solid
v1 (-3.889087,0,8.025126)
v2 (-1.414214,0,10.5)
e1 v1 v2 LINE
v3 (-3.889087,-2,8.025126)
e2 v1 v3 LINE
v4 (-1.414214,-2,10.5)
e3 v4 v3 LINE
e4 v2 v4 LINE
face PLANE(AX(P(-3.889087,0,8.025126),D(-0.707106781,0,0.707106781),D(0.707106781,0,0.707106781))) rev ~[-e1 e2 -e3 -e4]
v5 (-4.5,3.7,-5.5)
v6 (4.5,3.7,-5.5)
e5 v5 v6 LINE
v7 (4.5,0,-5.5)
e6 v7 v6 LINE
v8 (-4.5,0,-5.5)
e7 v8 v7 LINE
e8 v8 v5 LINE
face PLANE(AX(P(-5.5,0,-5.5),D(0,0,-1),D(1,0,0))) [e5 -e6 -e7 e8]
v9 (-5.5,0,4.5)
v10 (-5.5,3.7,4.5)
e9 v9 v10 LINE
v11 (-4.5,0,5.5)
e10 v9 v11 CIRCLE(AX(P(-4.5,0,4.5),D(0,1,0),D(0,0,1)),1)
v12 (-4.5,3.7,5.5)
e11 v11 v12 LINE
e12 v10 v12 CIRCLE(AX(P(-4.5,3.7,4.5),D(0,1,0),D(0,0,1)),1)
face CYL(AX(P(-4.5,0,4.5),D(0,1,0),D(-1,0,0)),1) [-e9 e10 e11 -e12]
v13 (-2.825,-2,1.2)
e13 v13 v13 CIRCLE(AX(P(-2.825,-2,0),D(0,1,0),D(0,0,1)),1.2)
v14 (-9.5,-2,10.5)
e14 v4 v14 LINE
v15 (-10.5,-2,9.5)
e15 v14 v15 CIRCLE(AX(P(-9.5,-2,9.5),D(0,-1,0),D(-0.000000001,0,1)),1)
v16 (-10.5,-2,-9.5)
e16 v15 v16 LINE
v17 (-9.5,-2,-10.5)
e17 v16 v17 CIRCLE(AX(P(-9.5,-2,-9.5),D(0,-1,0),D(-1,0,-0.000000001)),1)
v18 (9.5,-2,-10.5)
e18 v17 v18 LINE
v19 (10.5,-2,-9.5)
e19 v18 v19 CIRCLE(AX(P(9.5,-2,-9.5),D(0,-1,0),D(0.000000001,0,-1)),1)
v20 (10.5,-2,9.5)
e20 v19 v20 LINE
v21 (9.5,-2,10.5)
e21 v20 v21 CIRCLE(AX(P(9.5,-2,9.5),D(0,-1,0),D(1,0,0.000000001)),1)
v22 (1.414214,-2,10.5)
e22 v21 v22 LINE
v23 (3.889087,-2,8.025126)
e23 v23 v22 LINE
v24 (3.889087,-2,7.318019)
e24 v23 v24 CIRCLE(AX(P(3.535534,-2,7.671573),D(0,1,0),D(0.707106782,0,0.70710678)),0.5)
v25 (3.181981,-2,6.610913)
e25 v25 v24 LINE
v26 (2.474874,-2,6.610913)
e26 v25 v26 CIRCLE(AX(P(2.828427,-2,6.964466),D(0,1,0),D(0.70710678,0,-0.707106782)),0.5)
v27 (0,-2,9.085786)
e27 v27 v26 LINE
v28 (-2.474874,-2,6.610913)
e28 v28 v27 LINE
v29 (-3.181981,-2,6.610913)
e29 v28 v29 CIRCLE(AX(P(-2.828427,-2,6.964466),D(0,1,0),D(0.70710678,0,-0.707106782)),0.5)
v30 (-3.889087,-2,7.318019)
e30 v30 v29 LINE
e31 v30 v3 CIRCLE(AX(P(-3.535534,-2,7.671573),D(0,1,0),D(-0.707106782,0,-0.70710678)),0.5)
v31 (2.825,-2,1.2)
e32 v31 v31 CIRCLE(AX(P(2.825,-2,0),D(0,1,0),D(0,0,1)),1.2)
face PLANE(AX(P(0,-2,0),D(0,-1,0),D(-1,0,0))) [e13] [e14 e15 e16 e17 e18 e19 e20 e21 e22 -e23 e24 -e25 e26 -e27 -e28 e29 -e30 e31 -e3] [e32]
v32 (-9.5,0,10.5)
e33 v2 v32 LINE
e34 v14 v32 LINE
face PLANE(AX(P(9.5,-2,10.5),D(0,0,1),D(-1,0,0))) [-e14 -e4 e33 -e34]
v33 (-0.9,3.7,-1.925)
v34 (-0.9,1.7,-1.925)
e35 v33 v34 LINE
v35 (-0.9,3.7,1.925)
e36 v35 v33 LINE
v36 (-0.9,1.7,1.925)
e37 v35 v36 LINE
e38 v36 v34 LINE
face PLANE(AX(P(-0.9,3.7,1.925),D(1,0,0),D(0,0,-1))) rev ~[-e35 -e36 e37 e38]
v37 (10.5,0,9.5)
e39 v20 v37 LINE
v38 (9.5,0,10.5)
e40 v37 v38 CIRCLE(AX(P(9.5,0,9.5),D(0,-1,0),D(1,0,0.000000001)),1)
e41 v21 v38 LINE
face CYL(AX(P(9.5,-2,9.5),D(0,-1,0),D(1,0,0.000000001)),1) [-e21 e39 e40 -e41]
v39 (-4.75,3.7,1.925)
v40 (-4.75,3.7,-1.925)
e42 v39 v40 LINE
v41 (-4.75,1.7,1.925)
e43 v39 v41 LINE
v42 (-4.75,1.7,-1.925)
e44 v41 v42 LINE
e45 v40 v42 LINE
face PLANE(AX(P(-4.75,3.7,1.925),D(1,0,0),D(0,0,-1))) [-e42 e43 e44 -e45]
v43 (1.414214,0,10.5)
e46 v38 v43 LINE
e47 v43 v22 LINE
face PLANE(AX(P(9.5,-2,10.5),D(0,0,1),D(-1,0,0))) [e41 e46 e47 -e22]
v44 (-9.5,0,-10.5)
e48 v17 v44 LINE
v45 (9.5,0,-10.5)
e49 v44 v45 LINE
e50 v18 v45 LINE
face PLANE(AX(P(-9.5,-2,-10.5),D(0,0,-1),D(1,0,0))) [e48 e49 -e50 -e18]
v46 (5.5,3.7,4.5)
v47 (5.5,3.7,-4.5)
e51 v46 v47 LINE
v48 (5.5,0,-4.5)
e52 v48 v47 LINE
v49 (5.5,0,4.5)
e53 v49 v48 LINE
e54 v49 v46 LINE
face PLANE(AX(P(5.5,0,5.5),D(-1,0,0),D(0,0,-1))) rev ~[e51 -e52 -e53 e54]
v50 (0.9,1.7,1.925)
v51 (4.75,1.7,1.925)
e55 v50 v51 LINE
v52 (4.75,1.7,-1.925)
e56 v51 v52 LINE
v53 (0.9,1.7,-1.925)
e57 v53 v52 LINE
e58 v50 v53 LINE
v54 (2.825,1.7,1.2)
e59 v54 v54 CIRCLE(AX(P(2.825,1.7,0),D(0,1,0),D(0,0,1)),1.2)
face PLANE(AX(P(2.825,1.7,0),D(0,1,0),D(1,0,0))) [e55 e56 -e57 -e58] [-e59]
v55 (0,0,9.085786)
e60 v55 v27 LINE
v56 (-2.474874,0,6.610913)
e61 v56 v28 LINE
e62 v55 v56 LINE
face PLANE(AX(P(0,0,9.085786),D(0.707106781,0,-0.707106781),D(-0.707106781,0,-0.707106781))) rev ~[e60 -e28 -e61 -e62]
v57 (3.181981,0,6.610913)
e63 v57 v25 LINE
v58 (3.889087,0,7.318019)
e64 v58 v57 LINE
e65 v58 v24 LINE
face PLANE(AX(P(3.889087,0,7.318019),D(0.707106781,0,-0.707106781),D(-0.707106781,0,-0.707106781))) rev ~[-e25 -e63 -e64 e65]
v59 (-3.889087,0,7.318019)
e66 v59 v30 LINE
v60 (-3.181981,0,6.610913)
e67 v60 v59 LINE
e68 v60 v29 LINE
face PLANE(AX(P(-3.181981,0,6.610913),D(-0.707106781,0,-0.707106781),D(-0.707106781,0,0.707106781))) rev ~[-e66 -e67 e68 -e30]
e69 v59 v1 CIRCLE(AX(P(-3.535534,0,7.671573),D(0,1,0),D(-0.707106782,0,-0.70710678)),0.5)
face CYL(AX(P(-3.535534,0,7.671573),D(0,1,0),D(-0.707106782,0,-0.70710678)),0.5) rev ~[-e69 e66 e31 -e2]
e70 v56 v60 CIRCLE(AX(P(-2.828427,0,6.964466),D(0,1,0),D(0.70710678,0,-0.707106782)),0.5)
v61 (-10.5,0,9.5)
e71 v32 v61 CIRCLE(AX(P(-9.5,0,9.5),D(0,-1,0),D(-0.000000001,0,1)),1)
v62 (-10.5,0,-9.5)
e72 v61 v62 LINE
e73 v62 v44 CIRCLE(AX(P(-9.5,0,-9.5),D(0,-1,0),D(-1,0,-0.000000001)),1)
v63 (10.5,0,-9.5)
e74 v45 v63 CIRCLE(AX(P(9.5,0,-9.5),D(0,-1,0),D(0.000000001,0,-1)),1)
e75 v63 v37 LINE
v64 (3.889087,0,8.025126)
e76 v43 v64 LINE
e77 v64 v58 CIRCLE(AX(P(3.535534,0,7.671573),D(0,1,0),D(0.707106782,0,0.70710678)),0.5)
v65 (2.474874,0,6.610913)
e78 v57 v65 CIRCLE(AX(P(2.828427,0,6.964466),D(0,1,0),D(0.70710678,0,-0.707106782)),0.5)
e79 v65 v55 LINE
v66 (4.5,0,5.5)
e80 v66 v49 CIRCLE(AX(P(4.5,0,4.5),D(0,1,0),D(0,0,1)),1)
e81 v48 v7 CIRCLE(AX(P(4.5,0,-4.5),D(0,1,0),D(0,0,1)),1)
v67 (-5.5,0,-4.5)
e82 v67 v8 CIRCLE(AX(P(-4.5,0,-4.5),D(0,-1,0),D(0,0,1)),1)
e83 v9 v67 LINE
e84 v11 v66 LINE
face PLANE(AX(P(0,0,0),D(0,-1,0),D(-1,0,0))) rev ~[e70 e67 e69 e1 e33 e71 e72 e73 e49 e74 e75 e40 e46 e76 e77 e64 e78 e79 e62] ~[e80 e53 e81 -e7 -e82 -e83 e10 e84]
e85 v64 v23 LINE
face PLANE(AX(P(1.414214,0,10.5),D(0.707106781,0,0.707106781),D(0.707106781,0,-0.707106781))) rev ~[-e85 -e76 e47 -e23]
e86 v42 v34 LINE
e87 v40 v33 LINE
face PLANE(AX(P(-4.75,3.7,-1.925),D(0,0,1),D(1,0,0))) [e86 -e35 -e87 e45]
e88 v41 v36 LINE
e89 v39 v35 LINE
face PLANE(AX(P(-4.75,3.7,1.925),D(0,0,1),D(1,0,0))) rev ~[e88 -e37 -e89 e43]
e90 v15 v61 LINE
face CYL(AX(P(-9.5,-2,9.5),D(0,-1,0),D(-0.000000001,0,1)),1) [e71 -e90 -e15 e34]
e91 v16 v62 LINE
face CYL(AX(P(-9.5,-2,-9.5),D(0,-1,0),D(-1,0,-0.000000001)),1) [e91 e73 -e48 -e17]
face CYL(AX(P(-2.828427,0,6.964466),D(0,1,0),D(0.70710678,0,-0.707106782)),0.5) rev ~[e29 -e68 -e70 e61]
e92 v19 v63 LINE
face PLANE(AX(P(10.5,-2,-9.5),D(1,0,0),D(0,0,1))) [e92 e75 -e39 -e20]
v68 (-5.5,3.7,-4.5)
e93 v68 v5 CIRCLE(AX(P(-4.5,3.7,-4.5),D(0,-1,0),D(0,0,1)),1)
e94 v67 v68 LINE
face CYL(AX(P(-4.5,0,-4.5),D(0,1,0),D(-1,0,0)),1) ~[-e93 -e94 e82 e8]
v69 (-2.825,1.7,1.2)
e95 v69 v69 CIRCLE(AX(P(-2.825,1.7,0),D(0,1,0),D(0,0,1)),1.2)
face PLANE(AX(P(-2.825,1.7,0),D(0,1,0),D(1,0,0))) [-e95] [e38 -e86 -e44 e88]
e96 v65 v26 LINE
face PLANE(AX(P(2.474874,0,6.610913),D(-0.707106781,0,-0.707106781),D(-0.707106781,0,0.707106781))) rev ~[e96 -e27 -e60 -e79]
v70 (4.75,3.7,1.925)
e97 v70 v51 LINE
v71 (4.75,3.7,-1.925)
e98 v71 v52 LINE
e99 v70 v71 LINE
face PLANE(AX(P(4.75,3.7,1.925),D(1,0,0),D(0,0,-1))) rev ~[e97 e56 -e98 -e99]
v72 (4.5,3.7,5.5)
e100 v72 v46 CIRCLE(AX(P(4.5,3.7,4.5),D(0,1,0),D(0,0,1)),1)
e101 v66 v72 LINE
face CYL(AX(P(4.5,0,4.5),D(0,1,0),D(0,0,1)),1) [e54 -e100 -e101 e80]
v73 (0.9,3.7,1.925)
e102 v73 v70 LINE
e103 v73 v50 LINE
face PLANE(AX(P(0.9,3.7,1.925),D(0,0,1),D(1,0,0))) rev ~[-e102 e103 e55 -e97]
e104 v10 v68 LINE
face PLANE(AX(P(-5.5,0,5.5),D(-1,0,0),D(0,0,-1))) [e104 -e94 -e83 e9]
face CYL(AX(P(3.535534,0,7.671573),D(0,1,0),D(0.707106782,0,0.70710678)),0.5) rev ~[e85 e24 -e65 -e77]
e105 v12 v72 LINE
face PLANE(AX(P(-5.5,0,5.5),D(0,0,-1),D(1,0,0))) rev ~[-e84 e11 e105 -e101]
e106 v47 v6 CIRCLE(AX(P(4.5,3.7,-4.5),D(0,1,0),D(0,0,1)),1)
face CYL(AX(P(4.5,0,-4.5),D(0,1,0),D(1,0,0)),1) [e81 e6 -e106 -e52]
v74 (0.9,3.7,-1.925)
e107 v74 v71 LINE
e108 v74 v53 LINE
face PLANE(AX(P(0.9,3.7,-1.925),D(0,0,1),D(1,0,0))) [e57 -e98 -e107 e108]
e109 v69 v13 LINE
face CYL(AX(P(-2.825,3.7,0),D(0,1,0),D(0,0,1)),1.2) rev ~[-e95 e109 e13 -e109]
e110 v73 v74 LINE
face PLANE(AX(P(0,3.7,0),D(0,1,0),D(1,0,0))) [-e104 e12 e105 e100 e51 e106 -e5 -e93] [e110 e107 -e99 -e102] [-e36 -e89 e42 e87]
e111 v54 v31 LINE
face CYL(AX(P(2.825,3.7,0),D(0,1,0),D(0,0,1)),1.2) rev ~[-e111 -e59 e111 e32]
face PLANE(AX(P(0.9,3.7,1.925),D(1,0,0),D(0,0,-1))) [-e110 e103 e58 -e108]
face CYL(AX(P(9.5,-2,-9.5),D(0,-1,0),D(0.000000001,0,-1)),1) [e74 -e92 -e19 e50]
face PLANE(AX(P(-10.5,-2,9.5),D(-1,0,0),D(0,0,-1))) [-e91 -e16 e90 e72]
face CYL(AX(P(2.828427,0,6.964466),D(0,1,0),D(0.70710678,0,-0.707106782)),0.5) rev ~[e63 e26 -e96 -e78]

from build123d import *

# Parameters (mm, degrees)
SKETCH1_W           = 11
SKETCH1_H           = 11
BOSS_EXTRUDE1_DEPTH = 3.7
FILLET1_R           = 1
SKETCH2_W           = 3.85
SKETCH2_H           = 3.85
CUT_EXTRUDE1_DEPTH  = 2
SKETCH4_R           = 2.2
BOSS_EXTRUDE2_DEPTH = 2
BOSS_EXTRUDE3_DEPTH = 2
SKETCH3_R           = 1.2
CUT_EXTRUDE2_DEPTH  = 16.90565937
CUT_EXTRUDE3_DEPTH  = 16.303267625


with BuildPart() as part:
    # Sketch1 → Boss-Extrude1 (new body)
    with BuildSketch(Plane(origin=(0, 0, 0), x_dir=(1, 0, 0), z_dir=(0, 1, 0))):
        Rectangle(SKETCH1_W, SKETCH1_H)
    extrude(amount=BOSS_EXTRUDE1_DEPTH)

    # Fillet1
    fillet1_edges = [part.edges().sort_by_distance(p)[0] for p in [
        (5.5, 1.85, 5.5),
        (-5.5, 1.85, 5.5),
        (-5.5, 1.85, -5.5),
        (5.5, 1.85, -5.5),
    ]]
    fillet(fillet1_edges, radius=FILLET1_R)

    # Sketch2 → Cut-Extrude1 (cut)
    with BuildSketch(Plane(origin=(0, 3.7, 0), x_dir=(1, 0, 0), z_dir=(0, 1, 0))):
        with Locations((-2.825, 0)):
            Rectangle(SKETCH2_W, SKETCH2_H)
        with Locations((2.825, 0)):
            Rectangle(SKETCH2_W, SKETCH2_H)
    extrude(amount=-CUT_EXTRUDE1_DEPTH, mode=Mode.SUBTRACT)

    # Sketch4 → Boss-Extrude2 (add)
    with BuildSketch(Plane(origin=(0, 0, 0), x_dir=(-1, 0, 0), z_dir=(0, -1, 0))):
        with Locations(Location((2.825, 0, 0), (0, 0, 90))):
            Circle(SKETCH4_R)
        with Locations(Location((-2.825, 0, 0), (0, 0, 90))):
            Circle(SKETCH4_R)
    extrude(amount=BOSS_EXTRUDE2_DEPTH)

    # Sketch5 → Boss-Extrude3 (add)
    with BuildSketch(Plane(origin=(0, -2, 0), x_dir=(-1, 0, 0), z_dir=(0, -1, 0))):
        with BuildLine():
            Line((9.5, 10.5), (-9.5, 10.5))
            ThreePointArc((-9.5, 10.5), (-10.207106781, 10.207106781), (-10.5, 9.5))
            Line((-10.5, 9.5), (-10.5, -9.5))
            ThreePointArc((-10.5, -9.5), (-10.207106781, -10.207106781), (-9.5, -10.5))
            Line((-9.5, -10.5), (9.5, -10.5))
            ThreePointArc((9.5, -10.5), (10.207106781, -10.207106781), (10.5, -9.5))
            Line((10.5, -9.5), (10.5, 9.5))
            ThreePointArc((10.5, 9.5), (10.207106781, 10.207106781), (9.5, 10.5))
        make_face()
    extrude(amount=-BOSS_EXTRUDE3_DEPTH)

    # Sketch3 → Cut-Extrude2 (cut, through all)
    with BuildSketch(Plane(origin=(0, 3.7, 0), x_dir=(1, 0, 0), z_dir=(0, 1, 0))):
        with Locations(Location((-2.825, 0, 0), (0, 0, 270))):
            Circle(SKETCH3_R)
        with Locations(Location((2.825, 0, 0), (0, 0, 270))):
            Circle(SKETCH3_R)
    extrude(amount=-CUT_EXTRUDE2_DEPTH, mode=Mode.SUBTRACT)

    # Sketch7 → Cut-Extrude3 (cut, through all)
    with BuildSketch(Plane(origin=(0, 0, 0), x_dir=(1, 0, 0), z_dir=(0, 1, 0))):
        with BuildLine():
            Line((0, -9.085786438), (1.414213562, -10.5))
            Line((1.414213562, -10.5), (3.889087297, -8.025126266))
            ThreePointArc((3.889087297, -8.025126266), (4.035533906, -7.671572875), (3.889087297, -7.318019485))
            Line((3.889087297, -7.318019485), (3.181980515, -6.610912703))
            ThreePointArc((3.181980515, -6.610912703), (2.828427125, -6.464466094), (2.474873734, -6.610912703))
            Line((2.474873734, -6.610912703), (0, -9.085786438))
        make_face()
        with BuildLine():
            Line((-3.889087297, -8.025126266), (-1.414213562, -10.5))
            Line((-1.414213562, -10.5), (0, -9.085786438))
            Line((0, -9.085786438), (-2.474873734, -6.610912703))
            ThreePointArc((-2.474873734, -6.610912703), (-2.828427125, -6.464466094), (-3.181980515, -6.610912703))
            Line((-3.181980515, -6.610912703), (-3.889087297, -7.318019485))
            ThreePointArc((-3.889087297, -7.318019485), (-4.035533906, -7.671572875), (-3.889087297, -8.025126266))
        make_face()
        Polygon((-1.414213562, -10.5), (1.414213562, -10.5), (0, -9.085786438), align=None)
    extrude(amount=-CUT_EXTRUDE3_DEPTH, mode=Mode.SUBTRACT)


solid = part.part
